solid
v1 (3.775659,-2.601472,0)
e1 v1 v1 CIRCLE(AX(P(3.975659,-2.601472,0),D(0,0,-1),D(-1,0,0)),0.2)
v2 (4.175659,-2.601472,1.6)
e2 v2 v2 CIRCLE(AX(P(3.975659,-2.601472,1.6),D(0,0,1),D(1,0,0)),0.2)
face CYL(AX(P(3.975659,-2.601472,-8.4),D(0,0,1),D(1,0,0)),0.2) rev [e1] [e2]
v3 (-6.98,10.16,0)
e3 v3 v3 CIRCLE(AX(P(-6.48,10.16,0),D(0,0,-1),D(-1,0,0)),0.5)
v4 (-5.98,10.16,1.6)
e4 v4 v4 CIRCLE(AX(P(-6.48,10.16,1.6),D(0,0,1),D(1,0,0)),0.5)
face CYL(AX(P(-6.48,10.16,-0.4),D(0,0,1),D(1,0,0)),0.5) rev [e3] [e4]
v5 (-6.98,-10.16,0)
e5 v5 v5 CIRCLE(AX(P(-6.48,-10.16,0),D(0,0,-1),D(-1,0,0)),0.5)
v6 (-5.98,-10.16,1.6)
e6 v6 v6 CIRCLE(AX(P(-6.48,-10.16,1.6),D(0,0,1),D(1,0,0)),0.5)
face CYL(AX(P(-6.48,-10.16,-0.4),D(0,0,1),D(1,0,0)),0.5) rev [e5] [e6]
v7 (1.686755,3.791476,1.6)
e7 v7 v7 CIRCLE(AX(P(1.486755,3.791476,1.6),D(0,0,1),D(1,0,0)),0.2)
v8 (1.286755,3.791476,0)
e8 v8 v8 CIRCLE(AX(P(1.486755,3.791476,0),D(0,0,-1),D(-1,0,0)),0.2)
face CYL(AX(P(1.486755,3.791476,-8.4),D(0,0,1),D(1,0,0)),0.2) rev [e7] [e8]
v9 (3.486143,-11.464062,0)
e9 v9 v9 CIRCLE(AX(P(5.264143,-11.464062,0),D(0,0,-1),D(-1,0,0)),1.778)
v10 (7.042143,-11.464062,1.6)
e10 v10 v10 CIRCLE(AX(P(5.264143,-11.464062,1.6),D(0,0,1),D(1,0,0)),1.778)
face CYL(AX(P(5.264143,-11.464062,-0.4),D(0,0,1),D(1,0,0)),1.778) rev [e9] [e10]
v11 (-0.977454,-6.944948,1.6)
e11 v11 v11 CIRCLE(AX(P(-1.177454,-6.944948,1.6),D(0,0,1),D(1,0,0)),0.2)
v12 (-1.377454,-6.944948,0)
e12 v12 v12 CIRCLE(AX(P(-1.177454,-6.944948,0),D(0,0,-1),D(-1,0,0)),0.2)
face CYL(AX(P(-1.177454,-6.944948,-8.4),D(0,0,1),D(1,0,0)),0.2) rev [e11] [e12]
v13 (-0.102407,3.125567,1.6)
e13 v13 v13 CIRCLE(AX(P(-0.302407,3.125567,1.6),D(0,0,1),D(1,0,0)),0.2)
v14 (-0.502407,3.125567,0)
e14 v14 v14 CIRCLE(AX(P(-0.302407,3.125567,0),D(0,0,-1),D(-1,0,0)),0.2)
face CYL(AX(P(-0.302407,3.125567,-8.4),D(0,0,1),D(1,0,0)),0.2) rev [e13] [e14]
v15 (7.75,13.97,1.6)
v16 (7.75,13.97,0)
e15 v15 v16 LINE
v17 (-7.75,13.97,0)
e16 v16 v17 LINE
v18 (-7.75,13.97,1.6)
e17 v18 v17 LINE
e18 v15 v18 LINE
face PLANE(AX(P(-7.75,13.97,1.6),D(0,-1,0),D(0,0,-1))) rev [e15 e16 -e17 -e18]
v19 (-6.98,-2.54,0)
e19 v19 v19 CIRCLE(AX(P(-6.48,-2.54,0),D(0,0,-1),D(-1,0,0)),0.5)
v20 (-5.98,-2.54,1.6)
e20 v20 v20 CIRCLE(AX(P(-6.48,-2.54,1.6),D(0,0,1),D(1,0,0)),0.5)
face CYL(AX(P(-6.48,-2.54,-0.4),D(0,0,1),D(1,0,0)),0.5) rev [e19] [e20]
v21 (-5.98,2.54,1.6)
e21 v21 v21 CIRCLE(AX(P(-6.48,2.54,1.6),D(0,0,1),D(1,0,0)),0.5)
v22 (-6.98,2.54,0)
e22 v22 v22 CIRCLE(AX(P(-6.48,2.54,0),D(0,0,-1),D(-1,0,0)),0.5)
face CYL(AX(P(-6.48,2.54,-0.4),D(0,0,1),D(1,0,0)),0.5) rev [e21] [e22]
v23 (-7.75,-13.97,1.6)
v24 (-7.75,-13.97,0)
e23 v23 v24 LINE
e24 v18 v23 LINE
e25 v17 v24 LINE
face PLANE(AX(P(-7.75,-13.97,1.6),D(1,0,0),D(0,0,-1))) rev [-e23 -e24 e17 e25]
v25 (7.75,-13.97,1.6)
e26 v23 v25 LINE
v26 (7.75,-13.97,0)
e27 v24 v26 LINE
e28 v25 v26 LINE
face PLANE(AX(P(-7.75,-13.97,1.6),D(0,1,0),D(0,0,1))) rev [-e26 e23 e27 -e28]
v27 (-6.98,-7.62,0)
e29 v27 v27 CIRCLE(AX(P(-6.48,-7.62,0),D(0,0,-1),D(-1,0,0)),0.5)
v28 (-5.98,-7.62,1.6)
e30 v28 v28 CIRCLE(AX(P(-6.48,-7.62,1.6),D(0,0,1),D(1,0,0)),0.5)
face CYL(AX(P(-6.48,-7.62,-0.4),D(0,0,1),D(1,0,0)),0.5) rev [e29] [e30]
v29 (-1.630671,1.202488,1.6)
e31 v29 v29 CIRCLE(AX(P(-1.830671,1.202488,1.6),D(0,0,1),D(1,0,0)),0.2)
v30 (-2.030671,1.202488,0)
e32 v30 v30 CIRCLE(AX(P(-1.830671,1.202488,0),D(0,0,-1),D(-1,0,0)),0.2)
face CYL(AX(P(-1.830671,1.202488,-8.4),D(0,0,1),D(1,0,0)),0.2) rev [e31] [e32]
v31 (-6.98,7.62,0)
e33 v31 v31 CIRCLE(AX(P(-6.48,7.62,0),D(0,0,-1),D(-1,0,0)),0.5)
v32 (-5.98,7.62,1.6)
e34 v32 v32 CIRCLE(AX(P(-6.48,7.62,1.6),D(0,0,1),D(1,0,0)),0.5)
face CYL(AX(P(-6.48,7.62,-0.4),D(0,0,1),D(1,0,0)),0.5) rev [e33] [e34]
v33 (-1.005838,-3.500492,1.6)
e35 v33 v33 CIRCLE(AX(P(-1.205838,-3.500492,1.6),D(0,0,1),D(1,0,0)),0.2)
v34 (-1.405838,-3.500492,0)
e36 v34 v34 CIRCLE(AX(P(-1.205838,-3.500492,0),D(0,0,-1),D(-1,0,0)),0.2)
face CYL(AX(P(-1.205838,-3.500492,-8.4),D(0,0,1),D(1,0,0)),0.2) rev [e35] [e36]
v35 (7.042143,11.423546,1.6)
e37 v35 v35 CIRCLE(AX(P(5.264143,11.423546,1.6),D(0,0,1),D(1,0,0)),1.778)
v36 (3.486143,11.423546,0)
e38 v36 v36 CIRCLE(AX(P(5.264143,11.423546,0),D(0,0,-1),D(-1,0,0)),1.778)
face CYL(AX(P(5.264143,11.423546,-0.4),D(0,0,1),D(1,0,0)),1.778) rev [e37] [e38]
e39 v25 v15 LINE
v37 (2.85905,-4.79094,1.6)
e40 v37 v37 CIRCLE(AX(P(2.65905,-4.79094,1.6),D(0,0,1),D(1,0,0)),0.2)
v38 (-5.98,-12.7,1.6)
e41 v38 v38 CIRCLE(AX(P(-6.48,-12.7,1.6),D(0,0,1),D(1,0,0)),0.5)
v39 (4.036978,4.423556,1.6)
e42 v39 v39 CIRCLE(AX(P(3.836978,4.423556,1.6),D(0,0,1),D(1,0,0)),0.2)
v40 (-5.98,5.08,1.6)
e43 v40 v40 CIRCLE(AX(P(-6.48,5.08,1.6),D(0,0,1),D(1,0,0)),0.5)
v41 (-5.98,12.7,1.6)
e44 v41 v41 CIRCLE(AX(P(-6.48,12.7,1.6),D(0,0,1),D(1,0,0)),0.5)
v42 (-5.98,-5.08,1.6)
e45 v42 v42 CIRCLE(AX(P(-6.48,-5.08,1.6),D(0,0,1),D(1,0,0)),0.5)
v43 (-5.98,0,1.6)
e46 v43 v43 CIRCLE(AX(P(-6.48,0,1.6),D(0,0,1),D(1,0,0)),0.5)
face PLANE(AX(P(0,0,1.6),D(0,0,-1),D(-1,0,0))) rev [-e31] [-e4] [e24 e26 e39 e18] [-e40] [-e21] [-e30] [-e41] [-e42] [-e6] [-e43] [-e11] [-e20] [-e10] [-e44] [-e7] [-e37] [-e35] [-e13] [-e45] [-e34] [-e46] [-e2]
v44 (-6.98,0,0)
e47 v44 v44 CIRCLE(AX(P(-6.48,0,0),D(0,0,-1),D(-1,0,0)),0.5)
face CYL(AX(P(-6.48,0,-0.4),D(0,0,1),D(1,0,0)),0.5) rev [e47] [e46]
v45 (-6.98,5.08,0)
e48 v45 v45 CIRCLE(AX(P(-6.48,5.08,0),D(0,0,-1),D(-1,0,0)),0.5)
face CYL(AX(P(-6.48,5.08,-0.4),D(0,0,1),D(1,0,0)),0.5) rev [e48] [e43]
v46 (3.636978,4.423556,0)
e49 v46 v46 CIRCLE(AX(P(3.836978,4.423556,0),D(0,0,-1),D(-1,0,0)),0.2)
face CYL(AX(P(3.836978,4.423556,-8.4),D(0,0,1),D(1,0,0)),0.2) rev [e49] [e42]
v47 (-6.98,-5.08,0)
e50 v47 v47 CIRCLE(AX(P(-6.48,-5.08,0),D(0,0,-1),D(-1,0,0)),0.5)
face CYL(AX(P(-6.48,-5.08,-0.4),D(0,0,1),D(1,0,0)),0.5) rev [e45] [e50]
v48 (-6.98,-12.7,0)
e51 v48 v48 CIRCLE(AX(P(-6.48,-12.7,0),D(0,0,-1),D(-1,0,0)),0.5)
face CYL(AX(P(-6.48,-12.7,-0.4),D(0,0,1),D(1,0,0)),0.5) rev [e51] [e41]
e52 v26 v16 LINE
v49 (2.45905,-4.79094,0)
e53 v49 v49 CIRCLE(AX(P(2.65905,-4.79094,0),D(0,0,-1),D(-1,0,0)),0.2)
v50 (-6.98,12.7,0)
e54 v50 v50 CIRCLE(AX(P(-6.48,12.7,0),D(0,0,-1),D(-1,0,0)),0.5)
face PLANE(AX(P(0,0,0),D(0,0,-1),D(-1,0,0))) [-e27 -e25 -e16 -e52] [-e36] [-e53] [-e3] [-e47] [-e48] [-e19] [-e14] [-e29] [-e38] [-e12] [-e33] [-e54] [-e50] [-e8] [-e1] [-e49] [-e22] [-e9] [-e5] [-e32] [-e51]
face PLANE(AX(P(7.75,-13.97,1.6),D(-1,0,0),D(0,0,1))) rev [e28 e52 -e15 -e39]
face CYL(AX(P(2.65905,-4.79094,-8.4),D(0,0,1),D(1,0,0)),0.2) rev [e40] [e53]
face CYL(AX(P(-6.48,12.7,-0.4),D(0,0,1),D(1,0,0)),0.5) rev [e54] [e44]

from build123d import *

# Parameters (mm, degrees)
SKETCH1_W           = 15.5
SKETCH1_H           = 27.94
BOSS_EXTRUDE1_DEPTH = 1.6
SKETCH2_R           = 0.5
SKETCH2_R_2         = 1.778
CUT_EXTRUDE1_DEPTH  = 2
SKETCH3_R           = 0.2
CUT_EXTRUDE2_DEPTH  = 10


with BuildPart() as part:
    # Sketch1 → Boss-Extrude1 (new body)
    with BuildSketch(Plane.XY):
        Rectangle(SKETCH1_W, SKETCH1_H)
    extrude(amount=BOSS_EXTRUDE1_DEPTH)

    # Sketch2 → Cut-Extrude1 (cut)
    with BuildSketch(Plane.XY.offset(1.6)):
        with Locations((-6.48, -12.7)):
            Circle(SKETCH2_R)
        with Locations((-6.48, -10.16)):
            Circle(SKETCH2_R)
        with Locations((-6.48, -7.62)):
            Circle(SKETCH2_R)
        with Locations((-6.48, -5.08)):
            Circle(SKETCH2_R)
        with Locations((-6.48, -2.54)):
            Circle(SKETCH2_R)
        with Locations((-6.48, 0)):
            Circle(SKETCH2_R)
        with Locations((-6.48, 2.54)):
            Circle(SKETCH2_R)
        with Locations((-6.48, 5.08)):
            Circle(SKETCH2_R)
        with Locations((-6.48, 7.62)):
            Circle(SKETCH2_R)
        with Locations((-6.48, 10.16)):
            Circle(SKETCH2_R)
        with Locations((-6.48, 12.7)):
            Circle(SKETCH2_R)
        with Locations((5.26414257, 11.423545933)):
            Circle(SKETCH2_R_2)
        with Locations((5.26414257, -11.464062499)):
            Circle(SKETCH2_R_2)
    extrude(amount=-CUT_EXTRUDE1_DEPTH, mode=Mode.SUBTRACT)

    # Sketch3 → Cut-Extrude2 (cut)
    with BuildSketch(Plane.XY.offset(1.6)):
        with Locations((-1.830670849, 1.202487627)):
            Circle(SKETCH3_R)
        with Locations((-0.302406534, 3.125566843)):
            Circle(SKETCH3_R)
        with Locations((1.486755487, 3.791476374)):
            Circle(SKETCH3_R)
        with Locations((3.836977644, 4.423555572)):
            Circle(SKETCH3_R)
        with Locations((3.975659184, -2.601471813)):
            Circle(SKETCH3_R)
        with Locations((2.659050244, -4.790940134)):
            Circle(SKETCH3_R)
        with Locations((-1.177453811, -6.944947611)):
            Circle(SKETCH3_R)
        with Locations((-1.205838194, -3.50049205)):
            Circle(SKETCH3_R)
    extrude(amount=-CUT_EXTRUDE2_DEPTH, mode=Mode.SUBTRACT)


solid = part.part
